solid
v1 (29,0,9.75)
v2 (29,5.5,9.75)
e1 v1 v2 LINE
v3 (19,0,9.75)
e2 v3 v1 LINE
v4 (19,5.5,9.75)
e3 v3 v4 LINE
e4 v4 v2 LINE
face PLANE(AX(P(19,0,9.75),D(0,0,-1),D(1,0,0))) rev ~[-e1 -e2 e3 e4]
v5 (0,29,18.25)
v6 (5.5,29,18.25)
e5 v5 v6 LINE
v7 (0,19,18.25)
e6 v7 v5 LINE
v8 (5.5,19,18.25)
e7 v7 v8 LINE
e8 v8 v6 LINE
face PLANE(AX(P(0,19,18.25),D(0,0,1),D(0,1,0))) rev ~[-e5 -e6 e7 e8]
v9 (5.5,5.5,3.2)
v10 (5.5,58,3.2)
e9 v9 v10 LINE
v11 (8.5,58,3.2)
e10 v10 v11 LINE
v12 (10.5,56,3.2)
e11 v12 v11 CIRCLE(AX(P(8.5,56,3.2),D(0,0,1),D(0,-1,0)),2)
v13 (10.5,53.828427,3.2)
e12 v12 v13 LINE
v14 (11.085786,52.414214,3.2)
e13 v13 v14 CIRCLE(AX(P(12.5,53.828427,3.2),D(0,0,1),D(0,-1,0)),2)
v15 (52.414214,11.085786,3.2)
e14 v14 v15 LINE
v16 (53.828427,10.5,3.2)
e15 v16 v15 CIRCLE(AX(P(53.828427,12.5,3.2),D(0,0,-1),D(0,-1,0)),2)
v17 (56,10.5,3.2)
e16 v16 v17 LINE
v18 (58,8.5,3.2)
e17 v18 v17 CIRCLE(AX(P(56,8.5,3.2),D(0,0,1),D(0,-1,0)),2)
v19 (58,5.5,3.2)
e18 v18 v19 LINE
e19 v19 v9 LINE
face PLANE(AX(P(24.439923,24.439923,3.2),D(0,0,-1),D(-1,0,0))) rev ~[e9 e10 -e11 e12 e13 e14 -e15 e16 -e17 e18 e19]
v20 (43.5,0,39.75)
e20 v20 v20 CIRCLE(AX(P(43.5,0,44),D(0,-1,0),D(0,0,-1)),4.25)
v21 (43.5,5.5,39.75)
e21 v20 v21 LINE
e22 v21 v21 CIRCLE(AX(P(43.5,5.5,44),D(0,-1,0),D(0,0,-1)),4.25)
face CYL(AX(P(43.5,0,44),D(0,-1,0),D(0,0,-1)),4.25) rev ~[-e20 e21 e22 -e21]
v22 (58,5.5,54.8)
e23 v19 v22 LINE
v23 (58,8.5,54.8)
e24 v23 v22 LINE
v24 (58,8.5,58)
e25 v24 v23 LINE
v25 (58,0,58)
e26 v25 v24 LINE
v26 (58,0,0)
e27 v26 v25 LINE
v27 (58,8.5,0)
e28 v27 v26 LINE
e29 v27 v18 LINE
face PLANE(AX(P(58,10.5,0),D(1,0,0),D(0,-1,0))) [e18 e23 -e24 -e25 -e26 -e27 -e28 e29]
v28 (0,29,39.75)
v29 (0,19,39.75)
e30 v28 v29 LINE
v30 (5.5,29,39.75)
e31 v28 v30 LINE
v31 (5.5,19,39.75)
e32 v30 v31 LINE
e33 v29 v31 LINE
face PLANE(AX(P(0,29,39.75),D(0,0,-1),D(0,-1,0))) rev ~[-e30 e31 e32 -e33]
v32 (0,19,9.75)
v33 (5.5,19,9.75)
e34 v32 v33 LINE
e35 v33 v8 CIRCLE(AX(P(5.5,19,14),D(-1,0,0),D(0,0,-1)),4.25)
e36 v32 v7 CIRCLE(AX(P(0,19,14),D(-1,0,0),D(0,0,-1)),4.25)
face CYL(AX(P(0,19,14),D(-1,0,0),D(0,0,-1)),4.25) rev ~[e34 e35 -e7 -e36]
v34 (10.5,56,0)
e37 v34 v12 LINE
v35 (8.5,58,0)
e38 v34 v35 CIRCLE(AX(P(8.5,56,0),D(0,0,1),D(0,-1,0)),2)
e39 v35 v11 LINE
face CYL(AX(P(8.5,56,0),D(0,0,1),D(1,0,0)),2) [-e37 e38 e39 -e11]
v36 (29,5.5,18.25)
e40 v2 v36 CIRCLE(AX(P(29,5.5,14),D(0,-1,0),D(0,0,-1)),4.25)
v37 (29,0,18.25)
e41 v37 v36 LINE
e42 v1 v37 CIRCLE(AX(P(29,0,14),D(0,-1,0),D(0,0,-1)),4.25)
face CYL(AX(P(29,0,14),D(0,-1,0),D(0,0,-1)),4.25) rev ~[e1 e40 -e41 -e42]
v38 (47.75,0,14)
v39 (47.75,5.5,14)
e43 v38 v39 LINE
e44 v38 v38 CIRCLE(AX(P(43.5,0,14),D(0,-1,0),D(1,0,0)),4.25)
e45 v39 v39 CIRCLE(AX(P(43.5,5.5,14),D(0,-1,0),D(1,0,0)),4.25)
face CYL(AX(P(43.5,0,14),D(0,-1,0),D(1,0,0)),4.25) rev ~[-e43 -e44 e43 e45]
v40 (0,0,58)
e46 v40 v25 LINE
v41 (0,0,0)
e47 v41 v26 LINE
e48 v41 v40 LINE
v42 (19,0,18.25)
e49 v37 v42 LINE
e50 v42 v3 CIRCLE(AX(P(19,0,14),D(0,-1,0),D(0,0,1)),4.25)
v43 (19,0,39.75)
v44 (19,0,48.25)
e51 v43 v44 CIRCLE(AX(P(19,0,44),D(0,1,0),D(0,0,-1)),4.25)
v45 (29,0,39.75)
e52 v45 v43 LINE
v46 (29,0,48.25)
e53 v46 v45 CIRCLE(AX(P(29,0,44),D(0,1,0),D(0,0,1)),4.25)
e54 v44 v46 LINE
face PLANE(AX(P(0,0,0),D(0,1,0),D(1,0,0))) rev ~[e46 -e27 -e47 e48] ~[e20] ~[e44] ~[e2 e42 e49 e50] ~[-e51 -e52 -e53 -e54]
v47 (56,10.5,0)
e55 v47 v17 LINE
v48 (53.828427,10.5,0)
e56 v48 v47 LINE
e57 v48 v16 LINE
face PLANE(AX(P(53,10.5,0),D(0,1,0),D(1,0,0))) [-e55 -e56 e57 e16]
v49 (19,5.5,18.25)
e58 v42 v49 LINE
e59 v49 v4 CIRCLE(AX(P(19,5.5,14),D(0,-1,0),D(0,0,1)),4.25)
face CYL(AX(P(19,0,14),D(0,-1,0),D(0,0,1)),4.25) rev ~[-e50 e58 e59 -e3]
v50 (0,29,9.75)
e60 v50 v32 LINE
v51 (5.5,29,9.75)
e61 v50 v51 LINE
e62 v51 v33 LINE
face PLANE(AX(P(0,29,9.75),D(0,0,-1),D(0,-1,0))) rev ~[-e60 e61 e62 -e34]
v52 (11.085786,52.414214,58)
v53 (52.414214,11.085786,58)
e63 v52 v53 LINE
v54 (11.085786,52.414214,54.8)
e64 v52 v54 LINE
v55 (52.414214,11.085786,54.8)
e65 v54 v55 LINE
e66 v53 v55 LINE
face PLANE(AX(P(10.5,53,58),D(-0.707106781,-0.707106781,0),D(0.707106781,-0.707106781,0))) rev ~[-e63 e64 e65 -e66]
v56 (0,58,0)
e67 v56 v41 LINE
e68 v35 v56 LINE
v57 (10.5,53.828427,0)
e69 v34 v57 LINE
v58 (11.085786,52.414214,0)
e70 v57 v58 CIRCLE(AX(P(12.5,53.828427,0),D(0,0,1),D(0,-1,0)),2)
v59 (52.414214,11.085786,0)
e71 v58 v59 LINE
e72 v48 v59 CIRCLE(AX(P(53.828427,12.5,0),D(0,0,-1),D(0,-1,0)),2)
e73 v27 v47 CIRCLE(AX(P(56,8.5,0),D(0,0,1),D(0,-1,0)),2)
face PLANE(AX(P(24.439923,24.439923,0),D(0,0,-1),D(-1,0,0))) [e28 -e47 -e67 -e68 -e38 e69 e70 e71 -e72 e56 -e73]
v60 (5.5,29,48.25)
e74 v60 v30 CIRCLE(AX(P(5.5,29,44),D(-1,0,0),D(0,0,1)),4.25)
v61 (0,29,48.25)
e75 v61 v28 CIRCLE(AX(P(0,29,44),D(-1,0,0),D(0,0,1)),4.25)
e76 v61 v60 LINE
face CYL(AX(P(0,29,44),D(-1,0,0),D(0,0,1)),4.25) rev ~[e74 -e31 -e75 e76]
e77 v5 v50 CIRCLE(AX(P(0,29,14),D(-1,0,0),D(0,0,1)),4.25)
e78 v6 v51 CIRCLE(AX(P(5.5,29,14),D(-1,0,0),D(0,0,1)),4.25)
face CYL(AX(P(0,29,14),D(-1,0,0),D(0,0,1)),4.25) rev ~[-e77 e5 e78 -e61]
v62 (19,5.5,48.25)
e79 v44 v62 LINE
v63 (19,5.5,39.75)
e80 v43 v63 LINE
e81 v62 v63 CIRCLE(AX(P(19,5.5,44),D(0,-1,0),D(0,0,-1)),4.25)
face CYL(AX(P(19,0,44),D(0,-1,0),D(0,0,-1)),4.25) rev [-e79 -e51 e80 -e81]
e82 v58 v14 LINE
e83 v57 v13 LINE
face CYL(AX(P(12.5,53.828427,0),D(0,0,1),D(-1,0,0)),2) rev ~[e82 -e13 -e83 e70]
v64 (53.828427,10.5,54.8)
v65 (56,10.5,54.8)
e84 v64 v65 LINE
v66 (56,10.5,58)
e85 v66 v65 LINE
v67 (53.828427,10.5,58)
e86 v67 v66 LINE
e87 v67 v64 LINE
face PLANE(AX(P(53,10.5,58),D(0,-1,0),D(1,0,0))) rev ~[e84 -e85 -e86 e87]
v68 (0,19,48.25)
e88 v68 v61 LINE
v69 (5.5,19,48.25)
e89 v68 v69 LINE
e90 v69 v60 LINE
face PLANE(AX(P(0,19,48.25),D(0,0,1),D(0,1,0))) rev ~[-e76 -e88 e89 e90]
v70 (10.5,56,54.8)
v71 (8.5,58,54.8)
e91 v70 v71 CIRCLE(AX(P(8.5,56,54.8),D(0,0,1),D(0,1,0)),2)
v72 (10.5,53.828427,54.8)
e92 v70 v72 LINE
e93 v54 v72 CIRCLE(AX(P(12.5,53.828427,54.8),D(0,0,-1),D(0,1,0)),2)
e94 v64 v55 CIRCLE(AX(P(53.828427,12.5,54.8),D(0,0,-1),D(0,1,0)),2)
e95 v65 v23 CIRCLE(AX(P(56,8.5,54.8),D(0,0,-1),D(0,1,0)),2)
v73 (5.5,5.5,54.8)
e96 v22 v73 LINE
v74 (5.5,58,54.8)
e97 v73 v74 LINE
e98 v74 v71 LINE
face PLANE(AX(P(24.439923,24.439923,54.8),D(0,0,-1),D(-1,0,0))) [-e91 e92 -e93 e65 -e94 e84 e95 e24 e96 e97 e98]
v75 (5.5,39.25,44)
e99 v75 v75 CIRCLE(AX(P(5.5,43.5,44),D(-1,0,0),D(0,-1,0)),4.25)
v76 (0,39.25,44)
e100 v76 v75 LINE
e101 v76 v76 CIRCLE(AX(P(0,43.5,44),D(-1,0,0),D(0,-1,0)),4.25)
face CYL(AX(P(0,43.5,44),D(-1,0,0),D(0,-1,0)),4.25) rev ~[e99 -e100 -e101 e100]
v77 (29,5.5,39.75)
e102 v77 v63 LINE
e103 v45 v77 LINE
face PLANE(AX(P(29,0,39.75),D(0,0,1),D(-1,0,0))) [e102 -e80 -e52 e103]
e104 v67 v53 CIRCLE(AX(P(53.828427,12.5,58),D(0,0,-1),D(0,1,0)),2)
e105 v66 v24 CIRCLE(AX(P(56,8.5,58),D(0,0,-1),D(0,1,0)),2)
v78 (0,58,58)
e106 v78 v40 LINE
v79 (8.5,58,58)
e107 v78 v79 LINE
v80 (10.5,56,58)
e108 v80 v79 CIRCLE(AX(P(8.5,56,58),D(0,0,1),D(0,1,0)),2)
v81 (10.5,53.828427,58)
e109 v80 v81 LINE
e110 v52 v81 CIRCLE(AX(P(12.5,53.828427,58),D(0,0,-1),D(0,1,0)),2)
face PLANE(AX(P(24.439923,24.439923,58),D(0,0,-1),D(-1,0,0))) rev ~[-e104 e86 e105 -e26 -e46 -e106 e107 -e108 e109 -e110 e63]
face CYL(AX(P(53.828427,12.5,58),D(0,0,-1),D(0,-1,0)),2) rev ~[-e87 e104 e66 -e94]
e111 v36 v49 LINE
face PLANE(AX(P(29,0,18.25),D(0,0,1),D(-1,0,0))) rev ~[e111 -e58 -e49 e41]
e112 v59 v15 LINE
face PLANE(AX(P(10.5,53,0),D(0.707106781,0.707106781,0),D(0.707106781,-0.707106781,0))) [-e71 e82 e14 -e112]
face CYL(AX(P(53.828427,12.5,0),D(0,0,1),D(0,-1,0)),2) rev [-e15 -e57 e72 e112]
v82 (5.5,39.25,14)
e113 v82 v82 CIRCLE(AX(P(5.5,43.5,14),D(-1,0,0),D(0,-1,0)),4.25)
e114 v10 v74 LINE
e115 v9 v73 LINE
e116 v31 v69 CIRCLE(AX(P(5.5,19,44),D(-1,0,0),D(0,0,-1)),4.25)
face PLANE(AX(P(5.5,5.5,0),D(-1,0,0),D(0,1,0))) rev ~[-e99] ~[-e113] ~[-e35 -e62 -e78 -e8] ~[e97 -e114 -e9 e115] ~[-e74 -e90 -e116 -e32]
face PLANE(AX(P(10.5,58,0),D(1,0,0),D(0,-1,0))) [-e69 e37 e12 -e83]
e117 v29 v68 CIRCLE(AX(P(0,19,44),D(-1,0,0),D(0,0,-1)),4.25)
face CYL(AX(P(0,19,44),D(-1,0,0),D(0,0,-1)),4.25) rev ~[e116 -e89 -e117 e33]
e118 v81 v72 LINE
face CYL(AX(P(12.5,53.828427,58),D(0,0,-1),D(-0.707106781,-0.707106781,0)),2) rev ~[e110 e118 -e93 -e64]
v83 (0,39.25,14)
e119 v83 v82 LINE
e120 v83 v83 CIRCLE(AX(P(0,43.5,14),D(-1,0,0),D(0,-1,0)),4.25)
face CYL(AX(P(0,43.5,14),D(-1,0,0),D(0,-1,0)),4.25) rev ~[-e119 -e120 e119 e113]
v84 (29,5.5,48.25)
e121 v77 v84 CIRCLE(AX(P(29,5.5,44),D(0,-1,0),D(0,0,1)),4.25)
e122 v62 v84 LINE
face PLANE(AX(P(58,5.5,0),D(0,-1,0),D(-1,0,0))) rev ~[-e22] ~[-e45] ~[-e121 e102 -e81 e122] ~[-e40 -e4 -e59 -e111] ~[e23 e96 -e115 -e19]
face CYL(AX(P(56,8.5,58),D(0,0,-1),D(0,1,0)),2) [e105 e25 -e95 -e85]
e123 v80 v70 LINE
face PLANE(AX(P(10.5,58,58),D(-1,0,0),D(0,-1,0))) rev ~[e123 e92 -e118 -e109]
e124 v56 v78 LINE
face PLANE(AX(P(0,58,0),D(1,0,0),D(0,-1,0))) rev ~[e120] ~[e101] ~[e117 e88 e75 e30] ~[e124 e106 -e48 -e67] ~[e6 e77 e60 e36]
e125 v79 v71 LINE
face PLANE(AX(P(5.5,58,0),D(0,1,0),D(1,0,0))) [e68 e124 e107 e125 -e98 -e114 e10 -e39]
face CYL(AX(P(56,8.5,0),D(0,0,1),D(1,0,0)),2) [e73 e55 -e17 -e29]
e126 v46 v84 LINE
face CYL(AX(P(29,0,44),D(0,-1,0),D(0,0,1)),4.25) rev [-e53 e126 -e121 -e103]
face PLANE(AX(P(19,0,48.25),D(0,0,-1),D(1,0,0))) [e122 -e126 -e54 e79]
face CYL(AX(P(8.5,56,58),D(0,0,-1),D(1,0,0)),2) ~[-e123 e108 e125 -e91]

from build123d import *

# Parameters (mm, degrees)
EXTRUDE_1_DEPTH     = 58
SKETCH_2_R          = 4.25
CUT_EXTRUDE_1_DEPTH = 58.5
SKETCH_3_R          = 4.25
CUT_EXTRUDE_2_DEPTH = 58.5
EXTRUDE_2_DEPTH     = 3.2
EXTRUDE_3_DEPTH     = 3.2
FILLET_1_R          = 2


with BuildPart() as part:
    # 草图1 → 凸台-拉伸1 (new body)
    with BuildSketch(Plane.XY):
        Polygon((0, 58), (0, 0), (58, 0), (58, 5.5), (5.5, 5.5), (5.5, 58), align=None)
    extrude(amount=EXTRUDE_1_DEPTH)

    # 草图2 → 切除-拉伸1 (cut)
    with BuildSketch(Plane.XZ):
        with Locations(Location((43.5, 44, 0), (0, 0, 270))):
            Circle(SKETCH_2_R)
        with Locations((43.5, 14)):
            Circle(SKETCH_2_R)
        with BuildLine():
            Line((19, 48.25), (29, 48.25))
            ThreePointArc((29, 48.25), (33.25, 44), (29, 39.75))
            Line((29, 39.75), (19, 39.75))
            ThreePointArc((19, 39.75), (14.75, 44), (19, 48.25))
        make_face()
        with BuildLine():
            Line((19, 9.75), (29, 9.75))
            ThreePointArc((29, 9.75), (33.25, 14), (29, 18.25))
            Line((29, 18.25), (19, 18.25))
            ThreePointArc((19, 18.25), (14.75, 14), (19, 9.75))
        make_face()
    extrude(amount=-CUT_EXTRUDE_1_DEPTH, mode=Mode.SUBTRACT)

    # 草图3 → 切除-拉伸2 (cut)
    with BuildSketch(Plane.ZY):
        with Locations(Location((44, 43.5, 0), (0, 0, 270))):
            Circle(SKETCH_3_R)
        with Locations(Location((14, 43.5, 0), (0, 0, 270))):
            Circle(SKETCH_3_R)
        with BuildLine():
            Line((39.75, 29), (39.75, 19))
            ThreePointArc((39.75, 19), (44, 14.75), (48.25, 19))
            Line((48.25, 19), (48.25, 29))
            ThreePointArc((48.25, 29), (44, 33.25), (39.75, 29))
        make_face()
        with BuildLine():
            Line((9.75, 29), (9.75, 19))
            ThreePointArc((9.75, 19), (14, 14.75), (18.25, 19))
            Line((18.25, 19), (18.25, 29))
            ThreePointArc((18.25, 29), (14, 33.25), (9.75, 29))
        make_face()
    extrude(amount=-CUT_EXTRUDE_2_DEPTH, mode=Mode.SUBTRACT)

    # 草图4 → 凸台-拉伸2 (add)
    with BuildSketch(Plane.XY.offset(58)):
        Polygon((5.5, 58), (10.5, 58), (10.5, 53), (53, 10.5), (58, 10.5), (58, 5.5), (5.5, 5.5), align=None)
    extrude(amount=-EXTRUDE_2_DEPTH)

    # 草图5 → 凸台-拉伸3 (add)
    with BuildSketch(Plane(origin=(0, 0, 0), x_dir=(-1, 0, 0), z_dir=(0, 0, -1))):
        Polygon((-10.5, 58), (-10.5, 53), (-53, 10.5), (-58, 10.5), (-58, 5.5), (-5.5, 5.5), (-5.5, 58), align=None)
    extrude(amount=-EXTRUDE_3_DEPTH)

    # 圆角1
    fillet_1_edges = [part.edges().sort_by_distance(p)[0] for p in [
        (10.5, 58, 56.4),
        (10.5, 53, 56.4),
        (53, 10.5, 56.4),
        (58, 10.5, 56.4),
        (10.5, 53, 1.6),
        (10.5, 58, 1.6),
        (58, 10.5, 1.6),
        (53, 10.5, 1.6),
    ]]
    fillet(fillet_1_edges, radius=FILLET_1_R)


solid = part.part
